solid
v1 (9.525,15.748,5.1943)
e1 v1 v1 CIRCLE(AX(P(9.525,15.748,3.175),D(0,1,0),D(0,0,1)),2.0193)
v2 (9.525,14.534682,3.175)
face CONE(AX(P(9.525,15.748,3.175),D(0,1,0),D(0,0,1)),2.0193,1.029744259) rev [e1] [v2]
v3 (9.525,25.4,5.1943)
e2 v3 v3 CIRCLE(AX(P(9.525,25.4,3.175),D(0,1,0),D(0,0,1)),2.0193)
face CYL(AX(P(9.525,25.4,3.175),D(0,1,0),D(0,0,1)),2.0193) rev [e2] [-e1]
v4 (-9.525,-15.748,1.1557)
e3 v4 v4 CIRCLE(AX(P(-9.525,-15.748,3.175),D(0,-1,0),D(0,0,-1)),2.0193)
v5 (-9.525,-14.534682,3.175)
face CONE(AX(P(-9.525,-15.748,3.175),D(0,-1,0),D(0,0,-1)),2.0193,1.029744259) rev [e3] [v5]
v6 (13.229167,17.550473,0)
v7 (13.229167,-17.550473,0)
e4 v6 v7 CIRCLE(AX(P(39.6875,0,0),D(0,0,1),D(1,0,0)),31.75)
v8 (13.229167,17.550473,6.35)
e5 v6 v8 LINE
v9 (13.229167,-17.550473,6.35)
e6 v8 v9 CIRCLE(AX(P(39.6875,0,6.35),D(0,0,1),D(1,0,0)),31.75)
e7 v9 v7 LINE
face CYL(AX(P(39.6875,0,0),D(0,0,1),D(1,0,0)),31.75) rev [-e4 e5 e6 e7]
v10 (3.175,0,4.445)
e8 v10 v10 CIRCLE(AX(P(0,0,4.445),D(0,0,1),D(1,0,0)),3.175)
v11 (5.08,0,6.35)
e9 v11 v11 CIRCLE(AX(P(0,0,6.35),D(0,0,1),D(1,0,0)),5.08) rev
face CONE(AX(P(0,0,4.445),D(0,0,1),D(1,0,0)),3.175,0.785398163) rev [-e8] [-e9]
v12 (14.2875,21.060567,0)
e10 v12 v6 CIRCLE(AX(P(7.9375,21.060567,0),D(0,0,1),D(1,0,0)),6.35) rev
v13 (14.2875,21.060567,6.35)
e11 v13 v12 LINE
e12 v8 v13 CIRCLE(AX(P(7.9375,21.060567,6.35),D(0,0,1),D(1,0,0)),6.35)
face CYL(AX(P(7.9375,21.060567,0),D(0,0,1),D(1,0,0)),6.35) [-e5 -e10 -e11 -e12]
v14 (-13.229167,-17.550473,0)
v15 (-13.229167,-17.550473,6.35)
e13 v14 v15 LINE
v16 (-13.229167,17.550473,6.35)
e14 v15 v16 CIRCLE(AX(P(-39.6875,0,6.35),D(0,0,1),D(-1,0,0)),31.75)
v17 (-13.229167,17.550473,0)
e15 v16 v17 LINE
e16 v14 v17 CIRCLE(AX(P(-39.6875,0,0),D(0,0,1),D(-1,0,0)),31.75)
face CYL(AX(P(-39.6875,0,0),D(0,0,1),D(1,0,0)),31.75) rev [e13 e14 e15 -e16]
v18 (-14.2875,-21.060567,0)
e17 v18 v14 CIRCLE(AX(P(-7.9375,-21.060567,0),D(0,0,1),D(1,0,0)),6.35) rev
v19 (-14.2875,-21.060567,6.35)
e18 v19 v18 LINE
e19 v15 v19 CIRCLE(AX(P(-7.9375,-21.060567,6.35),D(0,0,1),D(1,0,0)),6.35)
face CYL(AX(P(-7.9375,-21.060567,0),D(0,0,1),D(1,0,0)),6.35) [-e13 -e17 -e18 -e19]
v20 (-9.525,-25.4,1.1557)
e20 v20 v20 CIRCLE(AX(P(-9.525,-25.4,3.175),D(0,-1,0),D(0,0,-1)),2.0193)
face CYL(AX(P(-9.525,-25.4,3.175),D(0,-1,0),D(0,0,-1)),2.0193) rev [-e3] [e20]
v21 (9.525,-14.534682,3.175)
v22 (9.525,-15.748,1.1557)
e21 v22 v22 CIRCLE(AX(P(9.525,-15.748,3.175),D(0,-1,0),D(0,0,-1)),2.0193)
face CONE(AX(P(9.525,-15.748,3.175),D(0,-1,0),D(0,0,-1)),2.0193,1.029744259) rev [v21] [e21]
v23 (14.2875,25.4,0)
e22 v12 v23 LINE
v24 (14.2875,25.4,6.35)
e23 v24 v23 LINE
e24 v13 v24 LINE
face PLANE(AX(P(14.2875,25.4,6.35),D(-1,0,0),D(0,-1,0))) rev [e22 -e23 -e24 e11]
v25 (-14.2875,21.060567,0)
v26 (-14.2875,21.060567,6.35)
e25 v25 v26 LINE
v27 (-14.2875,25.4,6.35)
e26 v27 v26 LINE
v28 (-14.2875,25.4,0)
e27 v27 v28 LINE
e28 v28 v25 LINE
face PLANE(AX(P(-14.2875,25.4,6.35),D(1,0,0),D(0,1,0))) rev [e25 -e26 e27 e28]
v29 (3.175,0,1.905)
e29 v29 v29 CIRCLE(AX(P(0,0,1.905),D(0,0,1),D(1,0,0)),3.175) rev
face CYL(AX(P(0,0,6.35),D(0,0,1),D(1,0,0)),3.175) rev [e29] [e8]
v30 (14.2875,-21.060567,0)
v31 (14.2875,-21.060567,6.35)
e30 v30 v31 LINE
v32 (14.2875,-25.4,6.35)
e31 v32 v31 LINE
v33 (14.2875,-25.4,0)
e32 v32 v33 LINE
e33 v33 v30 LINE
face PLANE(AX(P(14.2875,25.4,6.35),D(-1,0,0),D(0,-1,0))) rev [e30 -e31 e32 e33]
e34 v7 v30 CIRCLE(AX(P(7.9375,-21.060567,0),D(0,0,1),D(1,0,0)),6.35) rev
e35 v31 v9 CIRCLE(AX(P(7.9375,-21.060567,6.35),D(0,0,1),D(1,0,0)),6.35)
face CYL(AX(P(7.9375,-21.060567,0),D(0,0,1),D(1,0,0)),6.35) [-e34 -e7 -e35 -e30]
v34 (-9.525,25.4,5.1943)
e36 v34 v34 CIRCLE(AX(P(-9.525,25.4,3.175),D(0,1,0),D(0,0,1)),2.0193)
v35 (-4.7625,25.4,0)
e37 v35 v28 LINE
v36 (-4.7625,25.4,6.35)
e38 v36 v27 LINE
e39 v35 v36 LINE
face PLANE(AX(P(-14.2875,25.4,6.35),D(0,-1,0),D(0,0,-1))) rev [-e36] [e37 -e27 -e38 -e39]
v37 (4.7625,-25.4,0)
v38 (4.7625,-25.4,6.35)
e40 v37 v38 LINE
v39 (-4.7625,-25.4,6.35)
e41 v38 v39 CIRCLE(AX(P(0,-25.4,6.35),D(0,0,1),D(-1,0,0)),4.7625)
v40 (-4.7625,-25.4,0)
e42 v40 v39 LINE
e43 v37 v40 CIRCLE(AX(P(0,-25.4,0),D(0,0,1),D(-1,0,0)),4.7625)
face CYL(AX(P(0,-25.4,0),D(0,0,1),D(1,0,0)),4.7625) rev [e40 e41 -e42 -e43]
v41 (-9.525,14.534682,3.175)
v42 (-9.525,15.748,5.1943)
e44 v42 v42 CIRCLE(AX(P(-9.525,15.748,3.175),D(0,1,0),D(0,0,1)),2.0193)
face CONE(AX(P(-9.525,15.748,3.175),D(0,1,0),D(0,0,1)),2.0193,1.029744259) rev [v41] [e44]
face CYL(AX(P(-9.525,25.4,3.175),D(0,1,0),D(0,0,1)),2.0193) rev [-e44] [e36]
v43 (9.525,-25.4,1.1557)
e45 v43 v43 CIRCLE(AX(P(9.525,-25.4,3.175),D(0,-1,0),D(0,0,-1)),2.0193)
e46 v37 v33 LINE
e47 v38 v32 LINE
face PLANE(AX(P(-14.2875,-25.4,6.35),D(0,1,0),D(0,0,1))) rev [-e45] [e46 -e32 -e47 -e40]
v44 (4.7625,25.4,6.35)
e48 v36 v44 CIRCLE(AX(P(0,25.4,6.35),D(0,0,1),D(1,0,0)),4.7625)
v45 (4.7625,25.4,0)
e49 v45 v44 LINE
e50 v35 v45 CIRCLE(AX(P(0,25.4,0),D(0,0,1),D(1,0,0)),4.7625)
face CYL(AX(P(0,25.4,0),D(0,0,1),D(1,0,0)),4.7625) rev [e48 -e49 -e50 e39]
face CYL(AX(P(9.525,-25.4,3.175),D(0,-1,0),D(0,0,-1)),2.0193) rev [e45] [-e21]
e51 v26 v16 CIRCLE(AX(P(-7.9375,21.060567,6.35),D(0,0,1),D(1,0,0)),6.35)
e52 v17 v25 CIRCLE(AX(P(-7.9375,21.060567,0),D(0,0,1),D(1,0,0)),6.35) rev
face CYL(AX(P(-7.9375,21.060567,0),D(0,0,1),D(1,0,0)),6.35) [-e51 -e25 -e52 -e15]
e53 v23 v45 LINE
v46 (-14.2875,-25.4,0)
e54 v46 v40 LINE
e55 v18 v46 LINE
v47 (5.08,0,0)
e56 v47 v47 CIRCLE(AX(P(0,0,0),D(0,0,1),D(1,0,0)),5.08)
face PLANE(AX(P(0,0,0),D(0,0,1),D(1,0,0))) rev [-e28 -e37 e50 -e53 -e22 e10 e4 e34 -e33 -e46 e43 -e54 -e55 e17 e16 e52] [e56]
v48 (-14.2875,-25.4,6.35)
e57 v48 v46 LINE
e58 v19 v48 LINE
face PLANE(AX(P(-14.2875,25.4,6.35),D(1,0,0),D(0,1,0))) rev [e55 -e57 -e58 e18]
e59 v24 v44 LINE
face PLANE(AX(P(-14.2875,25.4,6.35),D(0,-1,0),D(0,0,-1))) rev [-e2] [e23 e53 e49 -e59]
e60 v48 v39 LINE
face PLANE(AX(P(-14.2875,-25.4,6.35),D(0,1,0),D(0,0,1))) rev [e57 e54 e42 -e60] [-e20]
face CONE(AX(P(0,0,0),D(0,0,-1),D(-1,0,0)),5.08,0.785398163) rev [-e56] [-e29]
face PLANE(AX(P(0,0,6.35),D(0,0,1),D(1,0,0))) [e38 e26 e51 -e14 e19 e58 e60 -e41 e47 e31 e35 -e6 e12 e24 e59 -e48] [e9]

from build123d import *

# Parameters (mm, degrees)
SKETCH1_W                       = 28.575
SKETCH1_H                       = 50.8
BOSS_EXTRUDE1_DEPTH             = 6.35
F_10_32_TAPPED_HOLE1_AT_2_COUNT = 2
F_10_32_TAPPED_HOLE1_AT_2_PITCH = 19.05
F_1_4_0_25_DIAMETER_HOLE1_D     = 6.35
F_1_4_0_25_DIAMETER_HOLE1_DEPTH = 10.668
F_1_4_0_25_DIAMETER_HOLE1_TIP   = 1.907732465
CHAMFER1_SIZE                   = 1.905
CUT_EXTRUDE1_DEPTH              = 7.35
FILLET1_R                       = 6.35


with BuildPart() as part:
    # Sketch1 → Boss-Extrude1 (new body)
    with BuildSketch(Plane.XY):
        Rectangle(SKETCH1_W, SKETCH1_H)
    extrude(amount=BOSS_EXTRUDE1_DEPTH)

    # Sketch3 → #10-32 Tapped Hole1 (revolve, cut)
    with BuildSketch(Plane(origin=(-9.525, 25.4, 3.175), x_dir=(0, 0, 1), z_dir=(1, 0, 0))):
        Polygon((0, 0), (0, 10.865317848), (2.0193, 9.652), (2.0193, 0), align=None)
    f_10_32_tapped_hole1 = revolve(axis=Axis((-9.525, 31.75, 3.175), (0, -1, 0)), mode=Mode.SUBTRACT)

    # #10-32 Tapped Hole1 at 2: #10-32 Tapped Hole1 ×2
    with Locations(*[(i * F_10_32_TAPPED_HOLE1_AT_2_PITCH, 0, 0) for i in range(1, F_10_32_TAPPED_HOLE1_AT_2_COUNT)]):
        add(f_10_32_tapped_hole1, mode=Mode.SUBTRACT)

    # Mirror1: #10-32 Tapped Hole1 across plane
    add(f_10_32_tapped_hole1.mirror(Plane.ZX), mode=Mode.SUBTRACT)

    # Mirror1 copy 1 sketch → Mirror1 copy 1 (revolve, cut)
    with BuildSketch(Plane(origin=(9.525, -25.4, 3.175), x_dir=(0, 0, 1), z_dir=(1, 0, 0))):
        Polygon((0, 0), (0, -10.865317848), (2.0193, -9.652), (2.0193, 0), align=None)
    revolve(axis=Axis((9.525, -31.75, 3.175), (0, -1, 0)), mode=Mode.SUBTRACT)

    # 1/4 (0.25) Diameter Hole1
    with Locations(Plane.XY.offset(6.35)):
        with Locations((0, 0)):
            Hole(F_1_4_0_25_DIAMETER_HOLE1_D / 2, depth=F_1_4_0_25_DIAMETER_HOLE1_DEPTH)
            with Locations((0, 0, -(F_1_4_0_25_DIAMETER_HOLE1_DEPTH + F_1_4_0_25_DIAMETER_HOLE1_TIP / 2))):  # 118° drill point
                Cone(0, F_1_4_0_25_DIAMETER_HOLE1_D / 2, F_1_4_0_25_DIAMETER_HOLE1_TIP, mode=Mode.SUBTRACT)

    # Chamfer1
    chamfer1_edges = [part.edges().sort_by_distance(p)[0] for p in [
        (3.175, 0, 0),
        (3.175, 0, 6.35),
    ]]
    chamfer(chamfer1_edges, length=CHAMFER1_SIZE)

    # Sketch6 → Cut-Extrude1 (cut, through all)
    with BuildSketch(Plane.XY.offset(6.35)):
        with BuildLine():
            Line((-14.2875, 19.05), (-14.2875, -19.05))
            ThreePointArc((-14.2875, -19.05), (-7.9375, 0), (-14.2875, 19.05))
        make_face()
        with BuildLine():
            Line((14.2875, -19.05), (14.2875, 19.05))
            ThreePointArc((14.2875, 19.05), (7.9375, 0), (14.2875, -19.05))
        make_face()
        with BuildLine():
            Line((-4.7625, 25.4), (4.7625, 25.4))
            ThreePointArc((4.7625, 25.4), (0, 20.6375), (-4.7625, 25.4))
        make_face()
        with BuildLine():
            Line((-4.7625, -25.4), (4.7625, -25.4))
            ThreePointArc((4.7625, -25.4), (0, -20.6375), (-4.7625, -25.4))
        make_face()
    extrude(amount=-CUT_EXTRUDE1_DEPTH, mode=Mode.SUBTRACT)

    # Fillet1
    fillet1_edges = [part.edges().sort_by_distance(p)[0] for p in [
        (-14.2875, 19.05, 3.175),
        (-14.2875, -19.05, 3.175),
        (14.2875, -19.05, 3.175),
        (14.2875, 19.05, 3.175),
    ]]
    fillet(fillet1_edges, radius=FILLET1_R)


solid = part.part
